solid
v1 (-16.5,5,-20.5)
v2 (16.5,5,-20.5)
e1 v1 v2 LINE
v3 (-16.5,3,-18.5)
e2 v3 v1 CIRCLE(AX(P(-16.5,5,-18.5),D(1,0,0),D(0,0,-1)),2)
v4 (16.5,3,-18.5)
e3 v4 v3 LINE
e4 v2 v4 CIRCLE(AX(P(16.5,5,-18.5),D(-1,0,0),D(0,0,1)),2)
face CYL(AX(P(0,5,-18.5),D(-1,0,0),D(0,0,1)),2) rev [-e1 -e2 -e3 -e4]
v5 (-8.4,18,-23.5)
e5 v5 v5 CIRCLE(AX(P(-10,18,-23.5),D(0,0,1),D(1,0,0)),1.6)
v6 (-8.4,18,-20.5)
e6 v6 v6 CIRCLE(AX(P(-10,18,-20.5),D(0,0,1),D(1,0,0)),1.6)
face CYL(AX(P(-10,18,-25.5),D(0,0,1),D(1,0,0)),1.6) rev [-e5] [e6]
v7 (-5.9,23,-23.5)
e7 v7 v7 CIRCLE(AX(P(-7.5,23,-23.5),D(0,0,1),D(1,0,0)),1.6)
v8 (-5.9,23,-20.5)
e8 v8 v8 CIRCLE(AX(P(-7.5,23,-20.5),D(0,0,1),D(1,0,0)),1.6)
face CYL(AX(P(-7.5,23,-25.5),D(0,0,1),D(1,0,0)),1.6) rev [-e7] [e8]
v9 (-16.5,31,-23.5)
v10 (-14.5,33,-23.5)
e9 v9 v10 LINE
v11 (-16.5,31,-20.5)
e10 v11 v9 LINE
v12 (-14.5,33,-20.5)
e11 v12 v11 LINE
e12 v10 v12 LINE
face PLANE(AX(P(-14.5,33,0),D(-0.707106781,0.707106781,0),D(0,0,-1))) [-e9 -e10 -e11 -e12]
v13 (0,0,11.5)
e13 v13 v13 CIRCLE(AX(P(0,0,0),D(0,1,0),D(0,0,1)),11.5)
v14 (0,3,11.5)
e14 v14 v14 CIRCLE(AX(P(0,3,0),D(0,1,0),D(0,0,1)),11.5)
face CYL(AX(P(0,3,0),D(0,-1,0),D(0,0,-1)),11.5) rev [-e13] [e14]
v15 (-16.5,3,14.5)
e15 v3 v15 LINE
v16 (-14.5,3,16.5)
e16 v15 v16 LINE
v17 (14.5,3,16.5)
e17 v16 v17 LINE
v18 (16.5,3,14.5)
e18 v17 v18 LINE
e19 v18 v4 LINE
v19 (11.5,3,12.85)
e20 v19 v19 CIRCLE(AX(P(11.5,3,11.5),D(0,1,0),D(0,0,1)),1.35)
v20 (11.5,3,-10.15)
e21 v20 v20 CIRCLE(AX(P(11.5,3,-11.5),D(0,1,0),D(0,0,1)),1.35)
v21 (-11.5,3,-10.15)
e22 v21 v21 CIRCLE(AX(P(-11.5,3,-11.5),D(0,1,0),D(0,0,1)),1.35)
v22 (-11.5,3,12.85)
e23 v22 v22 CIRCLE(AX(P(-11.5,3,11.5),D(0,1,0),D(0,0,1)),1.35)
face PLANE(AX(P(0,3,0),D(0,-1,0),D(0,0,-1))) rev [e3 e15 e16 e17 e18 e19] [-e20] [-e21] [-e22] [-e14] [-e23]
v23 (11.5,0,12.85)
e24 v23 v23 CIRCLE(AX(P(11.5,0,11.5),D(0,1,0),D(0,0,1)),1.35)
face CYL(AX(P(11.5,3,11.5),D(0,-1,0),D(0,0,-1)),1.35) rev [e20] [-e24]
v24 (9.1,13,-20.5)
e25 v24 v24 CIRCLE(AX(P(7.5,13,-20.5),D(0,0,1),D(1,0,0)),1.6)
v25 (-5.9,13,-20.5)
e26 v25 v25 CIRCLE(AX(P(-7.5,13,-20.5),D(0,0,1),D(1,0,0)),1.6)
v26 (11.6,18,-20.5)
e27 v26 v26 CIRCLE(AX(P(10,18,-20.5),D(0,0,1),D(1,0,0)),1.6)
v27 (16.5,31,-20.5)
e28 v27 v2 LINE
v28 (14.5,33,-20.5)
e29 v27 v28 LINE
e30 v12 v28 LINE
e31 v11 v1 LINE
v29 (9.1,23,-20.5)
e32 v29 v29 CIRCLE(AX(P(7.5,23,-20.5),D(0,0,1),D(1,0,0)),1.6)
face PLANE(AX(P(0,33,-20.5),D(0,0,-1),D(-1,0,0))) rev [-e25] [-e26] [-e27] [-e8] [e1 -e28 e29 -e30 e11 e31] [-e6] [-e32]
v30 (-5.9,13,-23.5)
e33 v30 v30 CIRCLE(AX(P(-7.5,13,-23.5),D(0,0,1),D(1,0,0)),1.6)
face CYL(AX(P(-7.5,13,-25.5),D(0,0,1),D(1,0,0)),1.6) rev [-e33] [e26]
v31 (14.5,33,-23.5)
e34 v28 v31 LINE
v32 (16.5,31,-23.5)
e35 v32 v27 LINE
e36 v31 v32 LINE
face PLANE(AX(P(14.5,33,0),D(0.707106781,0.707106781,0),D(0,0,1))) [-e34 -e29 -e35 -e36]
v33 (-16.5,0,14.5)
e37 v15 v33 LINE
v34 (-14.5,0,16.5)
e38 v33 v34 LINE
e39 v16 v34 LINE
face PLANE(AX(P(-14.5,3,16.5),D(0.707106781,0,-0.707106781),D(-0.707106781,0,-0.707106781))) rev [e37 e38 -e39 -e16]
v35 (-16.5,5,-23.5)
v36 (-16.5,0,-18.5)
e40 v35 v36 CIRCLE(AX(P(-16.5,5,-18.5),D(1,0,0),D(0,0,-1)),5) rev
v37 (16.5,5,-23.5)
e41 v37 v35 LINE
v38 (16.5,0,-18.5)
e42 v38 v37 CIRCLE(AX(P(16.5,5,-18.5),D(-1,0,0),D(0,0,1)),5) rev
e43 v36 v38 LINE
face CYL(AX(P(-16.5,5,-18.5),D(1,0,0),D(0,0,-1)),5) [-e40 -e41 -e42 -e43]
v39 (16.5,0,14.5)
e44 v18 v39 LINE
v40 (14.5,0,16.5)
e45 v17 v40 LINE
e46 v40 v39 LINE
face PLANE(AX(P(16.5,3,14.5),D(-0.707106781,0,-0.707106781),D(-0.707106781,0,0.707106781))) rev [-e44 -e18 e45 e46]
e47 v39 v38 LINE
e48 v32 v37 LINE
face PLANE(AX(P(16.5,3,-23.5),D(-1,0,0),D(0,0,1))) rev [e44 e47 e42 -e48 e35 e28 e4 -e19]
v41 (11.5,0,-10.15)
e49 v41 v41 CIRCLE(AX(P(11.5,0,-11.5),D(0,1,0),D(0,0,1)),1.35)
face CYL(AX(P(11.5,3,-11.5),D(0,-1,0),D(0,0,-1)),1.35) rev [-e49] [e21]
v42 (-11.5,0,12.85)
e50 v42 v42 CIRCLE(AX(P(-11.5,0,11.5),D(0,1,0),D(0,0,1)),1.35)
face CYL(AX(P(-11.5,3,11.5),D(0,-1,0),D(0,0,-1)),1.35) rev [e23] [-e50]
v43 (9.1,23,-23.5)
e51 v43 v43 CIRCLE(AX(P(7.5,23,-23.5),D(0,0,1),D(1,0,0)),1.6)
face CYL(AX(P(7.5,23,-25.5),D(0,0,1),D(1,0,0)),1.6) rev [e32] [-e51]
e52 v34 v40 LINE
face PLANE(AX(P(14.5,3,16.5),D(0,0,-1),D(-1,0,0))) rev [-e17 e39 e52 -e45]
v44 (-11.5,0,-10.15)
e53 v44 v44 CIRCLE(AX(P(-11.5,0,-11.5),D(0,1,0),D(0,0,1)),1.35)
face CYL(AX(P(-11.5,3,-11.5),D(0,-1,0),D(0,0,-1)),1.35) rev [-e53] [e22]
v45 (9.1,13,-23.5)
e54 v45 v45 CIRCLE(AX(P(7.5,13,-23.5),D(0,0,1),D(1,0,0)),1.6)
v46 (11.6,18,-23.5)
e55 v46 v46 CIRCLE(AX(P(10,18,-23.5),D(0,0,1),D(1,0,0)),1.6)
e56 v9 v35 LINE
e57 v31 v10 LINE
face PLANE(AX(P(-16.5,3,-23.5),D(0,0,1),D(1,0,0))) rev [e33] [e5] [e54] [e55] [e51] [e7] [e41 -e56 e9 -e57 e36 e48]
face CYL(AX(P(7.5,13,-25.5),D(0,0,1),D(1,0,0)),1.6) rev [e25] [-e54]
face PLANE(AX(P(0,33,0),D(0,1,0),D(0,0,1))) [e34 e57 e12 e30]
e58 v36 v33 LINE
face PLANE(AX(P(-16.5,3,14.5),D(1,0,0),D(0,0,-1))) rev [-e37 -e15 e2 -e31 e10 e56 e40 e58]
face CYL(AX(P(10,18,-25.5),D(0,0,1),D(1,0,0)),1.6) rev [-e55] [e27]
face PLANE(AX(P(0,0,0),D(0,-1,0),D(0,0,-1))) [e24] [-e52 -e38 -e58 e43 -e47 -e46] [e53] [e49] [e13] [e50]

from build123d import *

# Parameters (mm, degrees)
SKETCH_5_R          = 11.5
SKETCH_5_R_2        = 1.35
EXTRUDE_3_DEPTH     = 3
SKETCH_8_W          = 33
SKETCH_8_H          = 3
EXTRUDE_4_DEPTH     = 30
SKETCH_10_R         = 1.6
CUT_EXTRUDE_4_DEPTH = 5
FILLET_1_R          = 2
FILLET_2_R          = 5
CHAMFER_1_SIZE      = 2


with BuildPart() as part:
    # 草图5 → 凸台-拉伸3 (new body)
    with BuildSketch(Plane(origin=(0, 0, 0), x_dir=(1, 0, 0), z_dir=(0, 1, 0))):
        Polygon((16.5, 23.5), (16.5, -14.5), (14.5, -16.5), (-14.5, -16.5), (-16.5, -14.5), (-16.5, 23.5), align=None)
        with Locations(Location((0, 0, 0), (0, 0, 270))):
            Circle(SKETCH_5_R, mode=Mode.SUBTRACT)
        with Locations(Location((-11.5, -11.5, 0), (0, 0, 270))):
            Circle(SKETCH_5_R_2, mode=Mode.SUBTRACT)
        with Locations(Location((-11.5, 11.5, 0), (0, 0, 270))):
            Circle(SKETCH_5_R_2, mode=Mode.SUBTRACT)
        with Locations(Location((11.5, 11.5, 0), (0, 0, 270))):
            Circle(SKETCH_5_R_2, mode=Mode.SUBTRACT)
        with Locations(Location((11.5, -11.5, 0), (0, 0, 270))):
            Circle(SKETCH_5_R_2, mode=Mode.SUBTRACT)
    extrude(amount=EXTRUDE_3_DEPTH)

    # 草图8 → 凸台-拉伸4 (add)
    with BuildSketch(Plane(origin=(0, 3, 0), x_dir=(1, 0, 0), z_dir=(0, 1, 0))):
        with Locations((0, 22)):
            Rectangle(SKETCH_8_W, SKETCH_8_H)
    extrude(amount=EXTRUDE_4_DEPTH)

    # 草图10 → 切除-拉伸4 (cut)
    with BuildSketch(Plane.XY.offset(-20.5)):
        with Locations((-7.5, 23)):
            Circle(SKETCH_10_R)
        with Locations((7.5, 23)):
            Circle(SKETCH_10_R)
        with Locations((7.5, 13)):
            Circle(SKETCH_10_R)
        with Locations((-7.5, 13)):
            Circle(SKETCH_10_R)
        with Locations((-10, 18)):
            Circle(SKETCH_10_R)
        with Locations((10, 18)):
            Circle(SKETCH_10_R)
    extrude(amount=-CUT_EXTRUDE_4_DEPTH, mode=Mode.SUBTRACT)

    # 圆角1
    fillet_1_edges = [part.edges().sort_by_distance(p)[0] for p in [
        (0, 3, -20.5),
    ]]
    fillet(fillet_1_edges, radius=FILLET_1_R)

    # 圆角2
    fillet_2_edges = [part.edges().sort_by_distance(p)[0] for p in [
        (0, 0, -23.5),
    ]]
    fillet(fillet_2_edges, radius=FILLET_2_R)

    # 倒角1
    chamfer_1_edges = [part.edges().sort_by_distance(p)[0] for p in [
        (-16.5, 33, -22),
        (16.5, 33, -22),
    ]]
    chamfer(chamfer_1_edges, length=CHAMFER_1_SIZE)


solid = part.part
